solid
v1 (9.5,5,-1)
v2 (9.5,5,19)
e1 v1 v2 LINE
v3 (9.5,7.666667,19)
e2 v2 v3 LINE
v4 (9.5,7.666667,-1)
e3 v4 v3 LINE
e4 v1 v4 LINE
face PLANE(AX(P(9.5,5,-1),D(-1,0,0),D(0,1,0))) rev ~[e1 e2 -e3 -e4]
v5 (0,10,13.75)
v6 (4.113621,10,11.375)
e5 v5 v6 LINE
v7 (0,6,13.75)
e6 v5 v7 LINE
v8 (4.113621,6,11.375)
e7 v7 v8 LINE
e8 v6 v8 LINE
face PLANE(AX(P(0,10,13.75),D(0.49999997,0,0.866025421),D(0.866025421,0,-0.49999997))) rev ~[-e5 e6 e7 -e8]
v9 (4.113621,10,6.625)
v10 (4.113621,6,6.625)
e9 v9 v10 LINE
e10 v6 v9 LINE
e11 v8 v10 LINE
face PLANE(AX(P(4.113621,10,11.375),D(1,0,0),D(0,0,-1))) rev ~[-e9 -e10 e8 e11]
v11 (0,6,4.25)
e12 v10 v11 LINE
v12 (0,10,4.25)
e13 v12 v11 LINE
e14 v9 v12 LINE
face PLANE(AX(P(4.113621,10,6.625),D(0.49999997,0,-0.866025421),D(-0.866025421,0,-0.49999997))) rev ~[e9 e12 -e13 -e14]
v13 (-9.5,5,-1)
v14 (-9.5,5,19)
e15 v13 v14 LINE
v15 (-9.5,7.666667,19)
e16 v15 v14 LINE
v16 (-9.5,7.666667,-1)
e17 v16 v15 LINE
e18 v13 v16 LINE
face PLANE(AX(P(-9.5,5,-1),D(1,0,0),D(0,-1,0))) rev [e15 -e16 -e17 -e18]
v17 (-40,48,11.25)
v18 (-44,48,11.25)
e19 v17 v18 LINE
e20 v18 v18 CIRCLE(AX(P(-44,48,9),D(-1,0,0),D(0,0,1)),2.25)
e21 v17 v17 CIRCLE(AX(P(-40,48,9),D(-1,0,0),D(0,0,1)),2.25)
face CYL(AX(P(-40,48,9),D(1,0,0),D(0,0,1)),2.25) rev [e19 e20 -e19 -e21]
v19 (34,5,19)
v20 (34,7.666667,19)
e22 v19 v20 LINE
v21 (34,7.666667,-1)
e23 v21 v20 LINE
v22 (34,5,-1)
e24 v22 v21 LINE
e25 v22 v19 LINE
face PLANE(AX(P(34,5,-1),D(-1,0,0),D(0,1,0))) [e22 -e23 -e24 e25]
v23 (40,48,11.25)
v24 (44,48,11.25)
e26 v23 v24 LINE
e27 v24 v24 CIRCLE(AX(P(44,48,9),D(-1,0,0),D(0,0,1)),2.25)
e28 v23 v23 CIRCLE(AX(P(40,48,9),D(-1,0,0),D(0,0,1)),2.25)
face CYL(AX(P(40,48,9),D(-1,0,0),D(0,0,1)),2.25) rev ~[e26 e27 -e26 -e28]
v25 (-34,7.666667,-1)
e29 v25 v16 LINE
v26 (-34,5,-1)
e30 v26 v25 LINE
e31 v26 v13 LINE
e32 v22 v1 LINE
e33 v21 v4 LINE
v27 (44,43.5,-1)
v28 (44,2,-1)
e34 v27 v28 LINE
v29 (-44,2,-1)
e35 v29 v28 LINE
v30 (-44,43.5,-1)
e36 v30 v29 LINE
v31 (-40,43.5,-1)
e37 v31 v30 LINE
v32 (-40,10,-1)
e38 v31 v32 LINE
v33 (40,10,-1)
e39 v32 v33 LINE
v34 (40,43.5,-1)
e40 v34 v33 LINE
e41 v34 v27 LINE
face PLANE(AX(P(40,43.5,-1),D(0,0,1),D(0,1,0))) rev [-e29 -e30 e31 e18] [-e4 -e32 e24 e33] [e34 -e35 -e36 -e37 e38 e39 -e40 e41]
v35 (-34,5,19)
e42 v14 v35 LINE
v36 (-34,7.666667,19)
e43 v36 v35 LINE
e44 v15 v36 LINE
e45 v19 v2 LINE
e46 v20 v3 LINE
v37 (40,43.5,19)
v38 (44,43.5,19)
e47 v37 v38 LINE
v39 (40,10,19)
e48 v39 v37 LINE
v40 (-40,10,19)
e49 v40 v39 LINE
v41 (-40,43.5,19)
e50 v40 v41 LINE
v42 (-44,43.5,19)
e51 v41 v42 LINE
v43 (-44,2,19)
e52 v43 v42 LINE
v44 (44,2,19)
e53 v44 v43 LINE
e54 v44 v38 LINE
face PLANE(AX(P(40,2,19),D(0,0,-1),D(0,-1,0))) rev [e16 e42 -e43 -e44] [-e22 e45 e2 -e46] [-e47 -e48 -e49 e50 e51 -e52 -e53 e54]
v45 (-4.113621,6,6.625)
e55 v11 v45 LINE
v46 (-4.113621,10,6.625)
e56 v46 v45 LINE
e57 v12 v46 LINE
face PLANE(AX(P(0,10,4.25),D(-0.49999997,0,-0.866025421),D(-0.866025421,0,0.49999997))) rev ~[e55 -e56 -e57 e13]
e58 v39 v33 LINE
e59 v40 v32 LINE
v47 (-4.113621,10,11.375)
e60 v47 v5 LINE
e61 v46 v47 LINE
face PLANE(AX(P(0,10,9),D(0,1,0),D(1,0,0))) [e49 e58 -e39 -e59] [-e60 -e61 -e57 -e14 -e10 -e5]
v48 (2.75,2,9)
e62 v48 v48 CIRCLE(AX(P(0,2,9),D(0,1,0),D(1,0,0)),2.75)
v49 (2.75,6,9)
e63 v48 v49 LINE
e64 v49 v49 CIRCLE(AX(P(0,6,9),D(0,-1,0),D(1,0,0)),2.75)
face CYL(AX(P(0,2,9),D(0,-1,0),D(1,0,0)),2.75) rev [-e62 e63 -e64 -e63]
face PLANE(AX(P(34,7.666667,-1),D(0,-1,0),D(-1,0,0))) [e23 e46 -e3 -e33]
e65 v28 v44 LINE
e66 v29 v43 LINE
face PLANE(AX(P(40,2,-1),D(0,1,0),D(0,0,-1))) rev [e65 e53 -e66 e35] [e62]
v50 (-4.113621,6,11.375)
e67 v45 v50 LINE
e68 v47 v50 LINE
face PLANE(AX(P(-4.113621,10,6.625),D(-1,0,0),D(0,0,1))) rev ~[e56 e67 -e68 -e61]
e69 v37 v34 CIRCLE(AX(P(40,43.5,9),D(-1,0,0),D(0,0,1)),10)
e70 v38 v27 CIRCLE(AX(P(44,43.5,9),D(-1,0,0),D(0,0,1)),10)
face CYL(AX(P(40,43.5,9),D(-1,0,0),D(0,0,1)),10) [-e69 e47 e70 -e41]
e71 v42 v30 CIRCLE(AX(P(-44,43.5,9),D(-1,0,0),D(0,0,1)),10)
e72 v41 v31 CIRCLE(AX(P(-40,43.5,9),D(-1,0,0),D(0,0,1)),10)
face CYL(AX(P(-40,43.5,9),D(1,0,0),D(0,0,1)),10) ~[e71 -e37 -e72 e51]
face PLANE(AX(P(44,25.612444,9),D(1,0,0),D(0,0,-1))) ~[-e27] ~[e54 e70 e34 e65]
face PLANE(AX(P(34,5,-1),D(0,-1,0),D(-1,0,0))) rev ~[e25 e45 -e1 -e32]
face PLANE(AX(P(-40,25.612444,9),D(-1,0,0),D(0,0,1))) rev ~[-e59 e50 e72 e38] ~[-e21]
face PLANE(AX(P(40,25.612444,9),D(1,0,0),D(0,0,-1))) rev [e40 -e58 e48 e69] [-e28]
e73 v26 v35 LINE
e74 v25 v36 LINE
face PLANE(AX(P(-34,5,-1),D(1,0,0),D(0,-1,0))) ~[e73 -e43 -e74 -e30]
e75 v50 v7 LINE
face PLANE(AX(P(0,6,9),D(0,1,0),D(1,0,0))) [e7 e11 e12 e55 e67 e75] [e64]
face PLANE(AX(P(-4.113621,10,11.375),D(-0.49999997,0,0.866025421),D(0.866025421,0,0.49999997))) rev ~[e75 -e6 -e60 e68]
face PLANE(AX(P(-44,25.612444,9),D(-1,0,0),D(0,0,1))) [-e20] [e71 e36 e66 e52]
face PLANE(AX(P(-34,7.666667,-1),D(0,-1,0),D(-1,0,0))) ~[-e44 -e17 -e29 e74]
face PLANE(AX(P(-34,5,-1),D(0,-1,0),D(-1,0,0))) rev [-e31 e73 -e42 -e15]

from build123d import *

# Parameters (mm, degrees)
SKETCH005_W             = 80
SKETCH005_H             = 20
SKETCH005_R             = 2.75
PAD010_DEPTH            = 8
POCKET009_DEPTH         = 4
SKETCH011_W             = 24.5
SKETCH011_H             = 2.666667
POCKET010_DEPTH         = 185.699521
SKETCH017_R             = 2.25
PAD011_DEPTH            = 4
BODY002_PLACEMENT_ANGLE = 180


with BuildPart() as part:
    # Sketch005 → Pad010 (new body)
    with BuildSketch(Plane.XZ):
        Rectangle(SKETCH005_W, SKETCH005_H)
        Circle(SKETCH005_R, mode=Mode.SUBTRACT)
    extrude(amount=PAD010_DEPTH)

    # Sketch007 → Pocket009 (cut)
    with BuildSketch(Plane.XZ.offset(8)):
        Polygon((4.113621, 2.375), (0, 4.75), (-4.113621, 2.375), (-4.113621, -2.375), (0, -4.75), (4.113621, -2.375), align=None)
    extrude(amount=-POCKET009_DEPTH, mode=Mode.SUBTRACT)

    # Sketch011 → Pocket010 (cut, through all)
    with BuildSketch(Plane(origin=(0, 0, 10), x_dir=(-1, 0, 0), z_dir=(0, 0, 1))):
        with Locations((-21.75, 4.333334)):
            Rectangle(SKETCH011_W, SKETCH011_H)
    pocket010 = extrude(amount=-POCKET010_DEPTH, mode=Mode.SUBTRACT)

    # Sketch017 (on Face4 of Pad010) → Pad011 (join)
    with BuildSketch(Plane(origin=(-40, 0, 0), x_dir=(0, 0, -1), z_dir=(-1, 0, 0))):
        with BuildLine():
            Line((-10, 0), (10, 0))
            Line((10, 0), (10, 41.5))
            ThreePointArc((10, 41.5), (0, 51.5), (-10, 41.5))
            Line((-10, 41.5), (-10, 0))
        make_face()
        with Locations((0, 46)):
            Circle(SKETCH017_R, mode=Mode.SUBTRACT)
    pad011 = extrude(amount=PAD011_DEPTH)

    # Mirrored007: Pad011 across YZ
    add(pad011.mirror(Plane.YZ))

    # Mirrored008: Pocket010 across YZ
    add(pocket010.mirror(Plane.YZ), mode=Mode.SUBTRACT)


with BuildPart() as part_1:
    # Body002 placement: moved
    add(part.part.moved(Location((0, 2, 9))).rotate(Axis((0, 2, 9), (1, 0, 0)), BODY002_PLACEMENT_ANGLE))


solid = part_1.part
